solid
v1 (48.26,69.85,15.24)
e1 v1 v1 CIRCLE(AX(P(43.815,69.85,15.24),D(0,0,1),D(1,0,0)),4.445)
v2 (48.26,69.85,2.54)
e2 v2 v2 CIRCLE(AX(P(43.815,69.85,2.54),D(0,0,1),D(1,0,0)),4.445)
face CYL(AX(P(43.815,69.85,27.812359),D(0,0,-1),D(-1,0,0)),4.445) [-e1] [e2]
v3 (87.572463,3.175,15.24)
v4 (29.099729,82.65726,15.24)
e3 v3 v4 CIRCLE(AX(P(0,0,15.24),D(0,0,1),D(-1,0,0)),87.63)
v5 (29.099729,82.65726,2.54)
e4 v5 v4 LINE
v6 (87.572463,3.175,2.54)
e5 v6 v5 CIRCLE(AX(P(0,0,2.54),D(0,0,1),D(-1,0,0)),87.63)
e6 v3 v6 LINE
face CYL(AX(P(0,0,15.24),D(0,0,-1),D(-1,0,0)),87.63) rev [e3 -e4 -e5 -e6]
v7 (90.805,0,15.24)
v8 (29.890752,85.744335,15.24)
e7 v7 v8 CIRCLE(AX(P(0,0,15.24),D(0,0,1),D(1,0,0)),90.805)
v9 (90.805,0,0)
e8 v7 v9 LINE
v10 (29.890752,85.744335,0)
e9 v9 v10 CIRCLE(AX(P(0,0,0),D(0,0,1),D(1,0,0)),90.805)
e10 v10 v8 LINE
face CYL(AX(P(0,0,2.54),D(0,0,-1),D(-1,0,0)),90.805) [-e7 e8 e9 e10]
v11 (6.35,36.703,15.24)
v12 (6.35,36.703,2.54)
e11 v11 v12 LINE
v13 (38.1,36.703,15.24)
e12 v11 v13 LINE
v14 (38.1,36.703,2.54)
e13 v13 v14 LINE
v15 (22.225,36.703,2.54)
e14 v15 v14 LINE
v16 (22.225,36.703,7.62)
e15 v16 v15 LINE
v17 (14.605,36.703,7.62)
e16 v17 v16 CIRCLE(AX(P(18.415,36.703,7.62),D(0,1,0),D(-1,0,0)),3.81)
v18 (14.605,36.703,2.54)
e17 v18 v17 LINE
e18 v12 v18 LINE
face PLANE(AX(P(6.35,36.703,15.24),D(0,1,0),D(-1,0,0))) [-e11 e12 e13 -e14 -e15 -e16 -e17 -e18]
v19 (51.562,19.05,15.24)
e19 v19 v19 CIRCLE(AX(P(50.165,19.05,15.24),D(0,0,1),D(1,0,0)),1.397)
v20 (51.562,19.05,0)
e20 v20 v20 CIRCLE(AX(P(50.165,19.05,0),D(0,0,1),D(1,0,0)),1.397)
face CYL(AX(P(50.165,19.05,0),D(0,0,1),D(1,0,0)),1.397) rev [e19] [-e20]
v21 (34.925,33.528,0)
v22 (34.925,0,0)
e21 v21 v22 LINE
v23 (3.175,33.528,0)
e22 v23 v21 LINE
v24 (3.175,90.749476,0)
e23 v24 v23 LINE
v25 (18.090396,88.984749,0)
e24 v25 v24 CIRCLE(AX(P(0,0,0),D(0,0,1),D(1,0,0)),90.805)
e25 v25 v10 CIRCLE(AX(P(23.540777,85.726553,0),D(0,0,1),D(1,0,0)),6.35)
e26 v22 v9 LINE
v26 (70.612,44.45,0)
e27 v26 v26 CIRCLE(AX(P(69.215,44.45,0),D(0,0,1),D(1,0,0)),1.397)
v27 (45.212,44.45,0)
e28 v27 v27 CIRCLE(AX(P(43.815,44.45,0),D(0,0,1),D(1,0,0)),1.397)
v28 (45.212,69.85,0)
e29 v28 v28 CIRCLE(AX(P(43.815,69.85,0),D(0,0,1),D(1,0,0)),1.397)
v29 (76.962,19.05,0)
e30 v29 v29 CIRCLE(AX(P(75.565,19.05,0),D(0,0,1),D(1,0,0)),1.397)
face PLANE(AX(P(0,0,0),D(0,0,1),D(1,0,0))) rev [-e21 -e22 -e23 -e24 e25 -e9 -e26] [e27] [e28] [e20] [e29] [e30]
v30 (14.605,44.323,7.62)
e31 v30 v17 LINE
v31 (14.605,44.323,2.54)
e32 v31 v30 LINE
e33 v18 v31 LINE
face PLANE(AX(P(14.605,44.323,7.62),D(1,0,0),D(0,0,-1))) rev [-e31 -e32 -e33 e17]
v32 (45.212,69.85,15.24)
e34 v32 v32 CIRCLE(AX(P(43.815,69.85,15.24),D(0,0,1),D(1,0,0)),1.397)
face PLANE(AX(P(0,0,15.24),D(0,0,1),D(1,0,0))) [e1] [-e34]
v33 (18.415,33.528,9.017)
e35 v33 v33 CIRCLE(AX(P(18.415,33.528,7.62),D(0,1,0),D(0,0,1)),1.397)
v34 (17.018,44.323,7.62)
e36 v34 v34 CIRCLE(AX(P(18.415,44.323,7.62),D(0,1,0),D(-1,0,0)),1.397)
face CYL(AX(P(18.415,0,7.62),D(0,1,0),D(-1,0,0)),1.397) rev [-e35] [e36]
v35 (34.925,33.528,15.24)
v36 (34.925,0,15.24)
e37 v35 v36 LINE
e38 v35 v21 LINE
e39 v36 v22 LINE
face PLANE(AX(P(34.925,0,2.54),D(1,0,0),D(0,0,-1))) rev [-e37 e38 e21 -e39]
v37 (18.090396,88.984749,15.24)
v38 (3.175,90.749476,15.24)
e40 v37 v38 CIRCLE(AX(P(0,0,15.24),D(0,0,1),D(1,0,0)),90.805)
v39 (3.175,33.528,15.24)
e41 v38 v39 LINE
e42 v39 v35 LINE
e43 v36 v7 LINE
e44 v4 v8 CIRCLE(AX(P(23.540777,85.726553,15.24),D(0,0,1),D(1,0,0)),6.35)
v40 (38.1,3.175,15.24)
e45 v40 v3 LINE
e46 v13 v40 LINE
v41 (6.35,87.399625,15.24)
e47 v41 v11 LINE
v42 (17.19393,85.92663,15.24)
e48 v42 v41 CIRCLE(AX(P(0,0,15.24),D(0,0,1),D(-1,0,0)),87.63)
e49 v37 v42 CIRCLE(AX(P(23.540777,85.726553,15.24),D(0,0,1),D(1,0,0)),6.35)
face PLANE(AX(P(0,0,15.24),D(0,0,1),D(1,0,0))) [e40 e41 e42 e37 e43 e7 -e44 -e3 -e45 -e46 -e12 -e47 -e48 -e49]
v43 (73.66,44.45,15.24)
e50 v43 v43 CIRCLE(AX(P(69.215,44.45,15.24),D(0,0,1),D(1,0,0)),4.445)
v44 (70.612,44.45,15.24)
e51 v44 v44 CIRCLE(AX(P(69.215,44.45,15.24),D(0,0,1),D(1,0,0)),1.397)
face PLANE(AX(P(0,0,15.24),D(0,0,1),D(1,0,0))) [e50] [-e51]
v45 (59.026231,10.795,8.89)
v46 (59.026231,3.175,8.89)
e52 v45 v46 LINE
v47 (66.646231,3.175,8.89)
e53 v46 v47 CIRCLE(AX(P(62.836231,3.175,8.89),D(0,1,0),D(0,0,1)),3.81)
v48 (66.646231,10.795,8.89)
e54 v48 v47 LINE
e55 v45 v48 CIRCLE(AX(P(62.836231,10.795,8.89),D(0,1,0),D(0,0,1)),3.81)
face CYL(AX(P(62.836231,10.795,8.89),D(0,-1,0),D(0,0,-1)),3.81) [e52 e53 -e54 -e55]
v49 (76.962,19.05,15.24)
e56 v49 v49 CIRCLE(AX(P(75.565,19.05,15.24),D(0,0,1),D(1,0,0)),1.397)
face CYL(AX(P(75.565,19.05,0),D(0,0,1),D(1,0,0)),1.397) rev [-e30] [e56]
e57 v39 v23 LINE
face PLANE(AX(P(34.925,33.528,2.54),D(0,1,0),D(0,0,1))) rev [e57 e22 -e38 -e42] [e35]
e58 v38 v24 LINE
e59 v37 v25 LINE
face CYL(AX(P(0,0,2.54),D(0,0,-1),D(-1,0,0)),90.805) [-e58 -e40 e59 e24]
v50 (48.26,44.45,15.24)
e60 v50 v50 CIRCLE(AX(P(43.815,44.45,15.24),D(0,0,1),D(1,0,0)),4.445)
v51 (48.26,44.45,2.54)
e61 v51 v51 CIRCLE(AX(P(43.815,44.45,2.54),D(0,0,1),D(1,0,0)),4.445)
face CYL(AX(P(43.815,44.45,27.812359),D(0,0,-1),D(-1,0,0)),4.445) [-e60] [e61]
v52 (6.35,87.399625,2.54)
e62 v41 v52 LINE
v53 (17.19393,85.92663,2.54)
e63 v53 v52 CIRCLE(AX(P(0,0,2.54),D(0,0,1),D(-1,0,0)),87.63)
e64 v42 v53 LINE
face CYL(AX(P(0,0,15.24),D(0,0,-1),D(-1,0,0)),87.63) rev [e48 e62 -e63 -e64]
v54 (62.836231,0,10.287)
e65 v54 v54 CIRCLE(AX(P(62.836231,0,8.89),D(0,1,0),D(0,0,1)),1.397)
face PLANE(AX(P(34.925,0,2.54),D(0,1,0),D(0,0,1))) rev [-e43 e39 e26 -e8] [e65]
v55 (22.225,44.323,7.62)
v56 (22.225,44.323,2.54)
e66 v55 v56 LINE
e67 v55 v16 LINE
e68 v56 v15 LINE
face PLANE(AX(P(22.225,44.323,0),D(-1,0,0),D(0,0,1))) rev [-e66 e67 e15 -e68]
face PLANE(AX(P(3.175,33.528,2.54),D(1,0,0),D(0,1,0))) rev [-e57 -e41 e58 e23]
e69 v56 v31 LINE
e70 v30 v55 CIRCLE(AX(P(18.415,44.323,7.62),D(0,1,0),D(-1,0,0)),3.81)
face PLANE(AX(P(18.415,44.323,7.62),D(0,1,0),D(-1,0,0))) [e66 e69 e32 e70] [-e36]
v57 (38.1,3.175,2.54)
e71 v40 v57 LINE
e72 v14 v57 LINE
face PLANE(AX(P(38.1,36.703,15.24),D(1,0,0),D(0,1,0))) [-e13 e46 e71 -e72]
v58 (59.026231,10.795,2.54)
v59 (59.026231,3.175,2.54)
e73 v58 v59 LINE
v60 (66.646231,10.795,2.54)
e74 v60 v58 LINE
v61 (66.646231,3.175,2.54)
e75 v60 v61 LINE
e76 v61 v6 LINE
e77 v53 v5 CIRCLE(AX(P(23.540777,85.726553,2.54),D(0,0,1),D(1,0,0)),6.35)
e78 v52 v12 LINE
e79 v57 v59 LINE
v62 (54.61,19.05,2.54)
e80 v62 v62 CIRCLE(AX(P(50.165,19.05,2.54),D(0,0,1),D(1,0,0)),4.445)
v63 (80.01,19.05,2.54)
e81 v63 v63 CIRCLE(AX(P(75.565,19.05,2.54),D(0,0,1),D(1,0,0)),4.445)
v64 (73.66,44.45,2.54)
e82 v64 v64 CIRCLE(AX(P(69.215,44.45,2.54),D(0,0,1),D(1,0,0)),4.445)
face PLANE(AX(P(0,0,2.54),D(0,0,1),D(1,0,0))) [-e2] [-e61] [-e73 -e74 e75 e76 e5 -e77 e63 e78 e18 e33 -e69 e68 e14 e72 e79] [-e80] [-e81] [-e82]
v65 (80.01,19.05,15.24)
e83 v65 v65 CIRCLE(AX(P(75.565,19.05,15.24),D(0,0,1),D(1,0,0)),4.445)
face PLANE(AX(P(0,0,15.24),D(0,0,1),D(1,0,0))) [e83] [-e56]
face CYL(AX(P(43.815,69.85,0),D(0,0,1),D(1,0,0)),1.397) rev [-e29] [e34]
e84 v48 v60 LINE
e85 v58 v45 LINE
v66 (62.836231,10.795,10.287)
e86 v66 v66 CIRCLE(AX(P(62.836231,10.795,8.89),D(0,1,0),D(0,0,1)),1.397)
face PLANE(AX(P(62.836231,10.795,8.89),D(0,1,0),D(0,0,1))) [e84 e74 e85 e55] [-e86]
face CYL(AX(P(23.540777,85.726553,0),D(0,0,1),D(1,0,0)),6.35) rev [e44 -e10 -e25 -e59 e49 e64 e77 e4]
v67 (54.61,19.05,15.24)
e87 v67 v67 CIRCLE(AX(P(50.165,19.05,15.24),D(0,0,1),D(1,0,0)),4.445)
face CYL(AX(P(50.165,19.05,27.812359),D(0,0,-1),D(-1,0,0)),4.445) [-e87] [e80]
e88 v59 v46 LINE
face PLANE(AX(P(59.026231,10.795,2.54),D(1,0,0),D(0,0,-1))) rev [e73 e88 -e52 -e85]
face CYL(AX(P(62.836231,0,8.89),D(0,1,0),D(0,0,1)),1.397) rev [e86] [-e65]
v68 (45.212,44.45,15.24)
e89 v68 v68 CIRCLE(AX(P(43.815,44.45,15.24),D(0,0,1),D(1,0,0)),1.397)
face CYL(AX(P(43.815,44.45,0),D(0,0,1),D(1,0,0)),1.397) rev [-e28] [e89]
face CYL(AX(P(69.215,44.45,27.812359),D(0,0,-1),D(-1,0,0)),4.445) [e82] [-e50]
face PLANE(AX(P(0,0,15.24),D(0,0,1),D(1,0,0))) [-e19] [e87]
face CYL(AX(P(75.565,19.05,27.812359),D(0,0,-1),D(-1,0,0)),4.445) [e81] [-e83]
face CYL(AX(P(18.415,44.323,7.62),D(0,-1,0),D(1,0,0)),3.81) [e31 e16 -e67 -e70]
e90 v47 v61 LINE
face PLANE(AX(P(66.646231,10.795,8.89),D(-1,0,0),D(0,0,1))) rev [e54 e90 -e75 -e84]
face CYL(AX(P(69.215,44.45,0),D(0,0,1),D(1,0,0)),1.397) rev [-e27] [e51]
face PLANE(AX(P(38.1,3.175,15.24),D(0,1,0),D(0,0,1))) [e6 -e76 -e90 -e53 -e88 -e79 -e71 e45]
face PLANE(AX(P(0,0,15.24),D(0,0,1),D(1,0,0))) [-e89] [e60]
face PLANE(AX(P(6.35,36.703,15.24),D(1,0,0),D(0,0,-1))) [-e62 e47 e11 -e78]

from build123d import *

# Parameters (mm, degrees)
BOSS_EXTRUDE1_DEPTH = 2.54
BOSS_EXTRUDE2_DEPTH = 12.7
BOSS_EXTRUDE3_DEPTH = 7.62
SKETCH5_R           = 1.397
CUT_EXTRUDE1_DEPTH  = 104.117521798
SKETCH6_R           = 4.445
BOSS_EXTRUDE4_DEPTH = 12.7
SKETCH7_R           = 6.35
CUT_EXTRUDE2_DEPTH  = 130.279824509
SKETCH8_R           = 1.397
CUT_EXTRUDE3_DEPTH  = 130.279824509
BOSS_EXTRUDE5_DEPTH = 7.62
SKETCH10_R          = 1.397
CUT_EXTRUDE4_DEPTH  = 122.944757421


with BuildPart() as part:
    # Sketch2 → Boss-Extrude1 (new body)
    with BuildSketch(Plane.XY):
        with BuildLine():
            Line((34.925, 0), (90.805, 0))
            ThreePointArc((90.805, 0), (65.321718823, 63.07631152), (3.175, 90.749476032))
            Line((3.175, 90.749476032), (3.175, 33.528))
            Line((3.175, 33.528), (34.925, 33.528))
            Line((34.925, 33.528), (34.925, 0))
        make_face()
    extrude(amount=BOSS_EXTRUDE1_DEPTH)

    # Sketch3 → Boss-Extrude2 (add)
    with BuildSketch(Plane.XY.offset(2.54)):
        with BuildLine():
            Line((34.925, 33.528), (34.925, 0))
            Line((34.925, 0), (90.805, 0))
            ThreePointArc((90.805, 0), (65.321718823, 63.07631152), (3.175, 90.749476032))
            Line((3.175, 90.749476032), (3.175, 33.528))
            Line((3.175, 33.528), (34.925, 33.528))
        make_face()
        with BuildLine():
            Line((6.35, 36.703), (38.1, 36.703))
            Line((38.1, 36.703), (38.1, 3.175))
            Line((38.1, 3.175), (87.572462995, 3.175))
            ThreePointArc((87.572462995, 3.175), (63.077762451, 60.829374353), (6.35, 87.399624713))
            Line((6.35, 87.399624713), (6.35, 36.703))
        make_face(mode=Mode.SUBTRACT)
    extrude(amount=BOSS_EXTRUDE2_DEPTH)

    # Sketch4 → Boss-Extrude3 (add)
    with BuildSketch(Plane(origin=(0, 36.703, 0), x_dir=(1, 0, 0), z_dir=(0, 1, 0))):
        with BuildLine():
            Line((14.605, -7.62), (14.605, 0))
            Line((14.605, 0), (22.225, 0))
            Line((22.225, 0), (22.225, -7.62))
            ThreePointArc((22.225, -7.62), (18.415, -11.43), (14.605, -7.62))
        make_face()
    extrude(amount=BOSS_EXTRUDE3_DEPTH)

    # Sketch5 → Cut-Extrude1 (cut, through all)
    with BuildSketch(Plane(origin=(0, 44.323, 0), x_dir=(1, 0, 0), z_dir=(0, 1, 0))):
        with Locations(Location((18.415, -7.62, 0), (0, 0, 180))):
            Circle(SKETCH5_R)
    extrude(amount=-CUT_EXTRUDE1_DEPTH, mode=Mode.SUBTRACT)

    # Sketch6 → Boss-Extrude4 (add)
    with BuildSketch(Plane.XY.offset(2.54)):
        with Locations((43.815, 44.45)):
            Circle(SKETCH6_R)
        with Locations((43.815, 69.85)):
            Circle(SKETCH6_R)
        with Locations((50.165, 19.05)):
            Circle(SKETCH6_R)
        with Locations((75.565, 19.05)):
            Circle(SKETCH6_R)
        with Locations((69.215, 44.45)):
            Circle(SKETCH6_R)
    extrude(amount=BOSS_EXTRUDE4_DEPTH)

    # Sketch7 → Cut-Extrude2 (cut, through all)
    with BuildSketch(Plane.XY.offset(15.24)):
        with Locations((23.540776994, 85.726552587)):
            Circle(SKETCH7_R)
    extrude(amount=-CUT_EXTRUDE2_DEPTH, mode=Mode.SUBTRACT)

    # Sketch8 → Cut-Extrude3 (cut, through all)
    with BuildSketch(Plane.XY.offset(15.24)):
        with Locations((43.815, 69.85)):
            Circle(SKETCH8_R)
        with Locations((43.815, 44.45)):
            Circle(SKETCH8_R)
        with Locations((69.215, 44.45)):
            Circle(SKETCH8_R)
        with Locations((75.565, 19.05)):
            Circle(SKETCH8_R)
        with Locations((50.165, 19.05)):
            Circle(SKETCH8_R)
    extrude(amount=-CUT_EXTRUDE3_DEPTH, mode=Mode.SUBTRACT)

    # Sketch9 → Boss-Extrude5 (add)
    with BuildSketch(Plane(origin=(0, 3.175, 0), x_dir=(1, 0, 0), z_dir=(0, 1, 0))):
        with BuildLine():
            Line((66.646231497, -8.89), (66.646231497, -2.54))
            Line((66.646231497, -2.54), (59.026231497, -2.54))
            Line((59.026231497, -2.54), (59.026231497, -8.89))
            ThreePointArc((59.026231497, -8.89), (62.836231497, -12.7), (66.646231497, -8.89))
        make_face()
    extrude(amount=BOSS_EXTRUDE5_DEPTH)

    # Sketch10 → Cut-Extrude4 (cut, through all)
    with BuildSketch(Plane(origin=(0, 10.795, 0), x_dir=(1, 0, 0), z_dir=(0, 1, 0))):
        with Locations(Location((62.836231497, -8.89, 0), (0, 0, 270))):
            Circle(SKETCH10_R)
    extrude(amount=-CUT_EXTRUDE4_DEPTH, mode=Mode.SUBTRACT)


solid = part.part
